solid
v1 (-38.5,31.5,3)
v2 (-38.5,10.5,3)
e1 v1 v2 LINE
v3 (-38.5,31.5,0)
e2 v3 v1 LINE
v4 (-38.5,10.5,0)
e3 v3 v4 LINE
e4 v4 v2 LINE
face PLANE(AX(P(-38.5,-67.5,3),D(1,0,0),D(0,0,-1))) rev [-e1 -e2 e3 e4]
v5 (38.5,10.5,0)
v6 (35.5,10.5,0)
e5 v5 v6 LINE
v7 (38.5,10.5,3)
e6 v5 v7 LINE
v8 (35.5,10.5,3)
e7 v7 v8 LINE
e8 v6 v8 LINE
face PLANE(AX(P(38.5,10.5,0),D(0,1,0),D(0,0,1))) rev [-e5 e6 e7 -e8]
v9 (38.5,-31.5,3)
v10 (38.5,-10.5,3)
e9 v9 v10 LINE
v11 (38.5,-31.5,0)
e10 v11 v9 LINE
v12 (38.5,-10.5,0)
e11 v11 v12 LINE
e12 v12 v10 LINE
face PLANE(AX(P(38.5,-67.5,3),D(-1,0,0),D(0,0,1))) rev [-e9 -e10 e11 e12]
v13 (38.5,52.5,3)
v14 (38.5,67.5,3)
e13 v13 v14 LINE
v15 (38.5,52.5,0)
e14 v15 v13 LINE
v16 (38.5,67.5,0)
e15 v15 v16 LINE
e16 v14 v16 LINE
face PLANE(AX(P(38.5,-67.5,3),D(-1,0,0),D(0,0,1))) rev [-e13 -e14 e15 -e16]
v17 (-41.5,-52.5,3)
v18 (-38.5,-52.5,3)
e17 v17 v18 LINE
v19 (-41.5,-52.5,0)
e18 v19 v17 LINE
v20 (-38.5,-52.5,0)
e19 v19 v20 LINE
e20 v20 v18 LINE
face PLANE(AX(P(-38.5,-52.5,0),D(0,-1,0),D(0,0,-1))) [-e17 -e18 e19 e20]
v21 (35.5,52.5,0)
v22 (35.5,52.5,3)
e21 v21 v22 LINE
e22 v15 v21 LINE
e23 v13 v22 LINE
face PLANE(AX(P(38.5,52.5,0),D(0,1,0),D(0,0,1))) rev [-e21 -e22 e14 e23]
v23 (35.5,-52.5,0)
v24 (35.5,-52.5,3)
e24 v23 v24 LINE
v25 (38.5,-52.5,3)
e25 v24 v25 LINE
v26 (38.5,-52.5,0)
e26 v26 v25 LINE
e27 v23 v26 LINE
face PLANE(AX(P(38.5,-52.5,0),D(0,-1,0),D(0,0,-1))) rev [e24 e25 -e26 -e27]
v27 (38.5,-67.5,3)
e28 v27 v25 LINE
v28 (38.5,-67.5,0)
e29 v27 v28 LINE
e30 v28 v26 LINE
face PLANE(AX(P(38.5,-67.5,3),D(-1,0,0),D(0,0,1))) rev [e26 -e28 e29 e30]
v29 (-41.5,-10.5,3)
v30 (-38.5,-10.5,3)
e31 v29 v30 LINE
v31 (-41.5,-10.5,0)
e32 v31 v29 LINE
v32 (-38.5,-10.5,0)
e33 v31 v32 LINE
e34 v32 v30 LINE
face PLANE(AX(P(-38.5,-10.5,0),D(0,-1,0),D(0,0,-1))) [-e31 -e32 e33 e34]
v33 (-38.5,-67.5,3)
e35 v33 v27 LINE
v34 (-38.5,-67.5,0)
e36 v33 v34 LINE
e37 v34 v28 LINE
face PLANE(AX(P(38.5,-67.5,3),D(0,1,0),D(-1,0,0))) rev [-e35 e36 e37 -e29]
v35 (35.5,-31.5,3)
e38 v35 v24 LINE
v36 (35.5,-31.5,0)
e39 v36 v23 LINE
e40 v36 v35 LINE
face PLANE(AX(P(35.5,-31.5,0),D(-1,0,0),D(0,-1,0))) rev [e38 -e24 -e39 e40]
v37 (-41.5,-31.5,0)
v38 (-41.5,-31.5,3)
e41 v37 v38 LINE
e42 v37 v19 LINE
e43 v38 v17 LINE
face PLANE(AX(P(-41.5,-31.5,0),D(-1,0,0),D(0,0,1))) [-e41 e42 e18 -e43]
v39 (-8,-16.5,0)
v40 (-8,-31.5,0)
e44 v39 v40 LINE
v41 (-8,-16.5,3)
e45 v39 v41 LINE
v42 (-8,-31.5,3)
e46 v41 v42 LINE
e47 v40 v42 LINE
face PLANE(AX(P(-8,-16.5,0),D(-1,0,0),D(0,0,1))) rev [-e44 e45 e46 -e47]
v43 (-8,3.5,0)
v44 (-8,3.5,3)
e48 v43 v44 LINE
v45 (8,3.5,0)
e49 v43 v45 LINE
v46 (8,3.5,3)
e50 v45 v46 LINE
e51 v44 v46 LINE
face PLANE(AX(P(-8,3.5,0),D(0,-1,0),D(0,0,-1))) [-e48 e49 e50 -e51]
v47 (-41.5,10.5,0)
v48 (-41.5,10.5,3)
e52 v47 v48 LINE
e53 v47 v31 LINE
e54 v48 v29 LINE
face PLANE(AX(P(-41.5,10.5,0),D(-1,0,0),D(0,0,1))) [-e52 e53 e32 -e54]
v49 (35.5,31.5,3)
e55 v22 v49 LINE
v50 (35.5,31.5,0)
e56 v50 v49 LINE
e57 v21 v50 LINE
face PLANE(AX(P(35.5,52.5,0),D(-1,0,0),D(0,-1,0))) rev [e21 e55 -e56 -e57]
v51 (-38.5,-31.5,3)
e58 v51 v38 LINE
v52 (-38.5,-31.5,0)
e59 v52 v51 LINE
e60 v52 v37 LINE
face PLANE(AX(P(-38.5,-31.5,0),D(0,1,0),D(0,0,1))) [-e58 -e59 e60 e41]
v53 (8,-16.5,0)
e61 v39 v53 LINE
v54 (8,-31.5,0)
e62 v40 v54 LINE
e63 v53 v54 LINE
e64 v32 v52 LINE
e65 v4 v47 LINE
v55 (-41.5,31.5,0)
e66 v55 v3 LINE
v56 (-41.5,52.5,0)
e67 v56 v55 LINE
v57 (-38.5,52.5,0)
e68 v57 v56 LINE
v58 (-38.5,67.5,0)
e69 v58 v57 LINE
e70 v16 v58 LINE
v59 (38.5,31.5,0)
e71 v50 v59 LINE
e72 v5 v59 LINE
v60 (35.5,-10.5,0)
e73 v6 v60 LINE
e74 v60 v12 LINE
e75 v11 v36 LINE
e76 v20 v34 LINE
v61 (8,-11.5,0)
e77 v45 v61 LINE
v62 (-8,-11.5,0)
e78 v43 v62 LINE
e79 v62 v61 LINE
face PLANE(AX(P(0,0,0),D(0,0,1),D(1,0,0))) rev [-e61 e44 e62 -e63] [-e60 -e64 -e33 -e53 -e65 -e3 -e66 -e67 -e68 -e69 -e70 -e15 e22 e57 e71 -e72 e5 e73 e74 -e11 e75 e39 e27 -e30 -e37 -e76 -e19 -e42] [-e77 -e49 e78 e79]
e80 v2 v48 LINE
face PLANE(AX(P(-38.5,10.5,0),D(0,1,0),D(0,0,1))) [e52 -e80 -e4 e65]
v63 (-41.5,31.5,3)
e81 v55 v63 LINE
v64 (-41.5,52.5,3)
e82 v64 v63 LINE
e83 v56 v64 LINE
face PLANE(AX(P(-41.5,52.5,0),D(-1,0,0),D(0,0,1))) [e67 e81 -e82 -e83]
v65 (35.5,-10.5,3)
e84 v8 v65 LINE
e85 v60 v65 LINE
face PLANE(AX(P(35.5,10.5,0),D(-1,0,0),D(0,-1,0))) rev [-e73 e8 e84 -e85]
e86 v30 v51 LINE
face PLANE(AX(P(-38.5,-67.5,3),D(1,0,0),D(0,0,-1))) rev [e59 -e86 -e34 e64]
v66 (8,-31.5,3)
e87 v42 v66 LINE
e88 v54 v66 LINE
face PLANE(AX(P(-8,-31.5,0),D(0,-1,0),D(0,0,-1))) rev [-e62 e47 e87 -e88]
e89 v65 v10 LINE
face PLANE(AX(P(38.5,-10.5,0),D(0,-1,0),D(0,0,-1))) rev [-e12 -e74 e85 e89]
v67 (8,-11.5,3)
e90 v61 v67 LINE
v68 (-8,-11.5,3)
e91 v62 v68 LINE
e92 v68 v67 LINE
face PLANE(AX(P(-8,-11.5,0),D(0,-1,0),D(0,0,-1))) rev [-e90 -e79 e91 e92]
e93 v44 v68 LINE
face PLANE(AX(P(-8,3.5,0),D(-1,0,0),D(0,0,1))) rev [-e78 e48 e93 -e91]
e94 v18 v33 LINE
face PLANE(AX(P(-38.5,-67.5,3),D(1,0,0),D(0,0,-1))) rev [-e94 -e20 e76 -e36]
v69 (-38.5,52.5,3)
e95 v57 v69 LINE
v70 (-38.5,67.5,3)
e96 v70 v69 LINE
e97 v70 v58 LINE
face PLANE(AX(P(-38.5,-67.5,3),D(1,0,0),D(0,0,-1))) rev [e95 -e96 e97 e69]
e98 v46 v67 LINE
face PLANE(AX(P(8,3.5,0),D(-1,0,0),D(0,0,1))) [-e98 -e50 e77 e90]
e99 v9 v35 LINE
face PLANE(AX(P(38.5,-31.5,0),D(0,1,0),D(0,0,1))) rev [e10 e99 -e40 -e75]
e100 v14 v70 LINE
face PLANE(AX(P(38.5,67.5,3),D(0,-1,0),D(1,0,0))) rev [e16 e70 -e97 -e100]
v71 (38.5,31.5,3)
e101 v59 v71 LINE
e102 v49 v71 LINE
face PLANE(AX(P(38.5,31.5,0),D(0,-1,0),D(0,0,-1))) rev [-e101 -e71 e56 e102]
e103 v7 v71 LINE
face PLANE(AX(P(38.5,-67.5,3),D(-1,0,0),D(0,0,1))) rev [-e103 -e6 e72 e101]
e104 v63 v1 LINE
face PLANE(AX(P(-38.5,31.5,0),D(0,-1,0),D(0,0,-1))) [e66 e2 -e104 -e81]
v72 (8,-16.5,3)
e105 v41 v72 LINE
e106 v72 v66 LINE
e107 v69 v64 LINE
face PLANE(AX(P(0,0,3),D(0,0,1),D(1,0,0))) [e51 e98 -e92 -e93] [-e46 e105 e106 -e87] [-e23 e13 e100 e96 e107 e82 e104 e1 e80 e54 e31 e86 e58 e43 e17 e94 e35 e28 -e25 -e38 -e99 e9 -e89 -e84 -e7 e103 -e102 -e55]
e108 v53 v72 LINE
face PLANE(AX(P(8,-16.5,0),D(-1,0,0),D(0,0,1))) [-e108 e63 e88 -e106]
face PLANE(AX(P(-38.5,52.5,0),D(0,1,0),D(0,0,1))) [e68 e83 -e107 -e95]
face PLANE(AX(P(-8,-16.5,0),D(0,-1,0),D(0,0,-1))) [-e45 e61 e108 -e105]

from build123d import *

# Parameters (mm, degrees)
ESBO_O1_W                = 77
ESBO_O1_H                = 135
RESSALTO_EXTRUS_O1_DEPTH = 3
ESBO_O4_W                = 3
ESBO_O4_H                = 21
CORTE_EXTRUS_O1_DEPTH    = 78.765673661
ESBO_O5_W                = 3
ESBO_O5_H                = 21
RESSALTO_EXTRUS_O2_DEPTH = 3
PADR_O_LINEAR1_COUNT     = 3
PADR_O_LINEAR1_PITCH     = 42
ESBO_O6_W                = 16
ESBO_O6_H                = 15
CORTE_EXTRUS_O2_DEPTH    = 80.293757636
PADR_O_LINEAR2_COUNT     = 2
PADR_O_LINEAR2_PITCH     = 20


with BuildPart() as part:
    # Esboço1 → Ressalto-extrusão1 (new body)
    with BuildSketch(Plane.XY):
        Rectangle(ESBO_O1_W, ESBO_O1_H)
    extrude(amount=RESSALTO_EXTRUS_O1_DEPTH)

    # Esboço4 → Corte-extrusão1 (cut, through all)
    with BuildSketch(Plane.XY.offset(3)):
        with Locations((37, 42)):
            Rectangle(ESBO_O4_W, ESBO_O4_H)
        with Locations((37, 0)):
            Rectangle(ESBO_O4_W, ESBO_O4_H)
        with Locations((37, -42)):
            Rectangle(ESBO_O4_W, ESBO_O4_H)
    extrude(amount=-CORTE_EXTRUS_O1_DEPTH, mode=Mode.SUBTRACT)

    # Esboço5 → Ressalto-extrusão2 (add)
    with BuildSketch(Plane.XY.offset(3)):
        with Locations((-40, 42)):
            Rectangle(ESBO_O5_W, ESBO_O5_H)
    ressalto_extrus_o2 = extrude(amount=-RESSALTO_EXTRUS_O2_DEPTH)

    # Padrão linear1: Ressalto-extrusão2 ×3
    with Locations(*[(0, -i * PADR_O_LINEAR1_PITCH, 0) for i in range(1, PADR_O_LINEAR1_COUNT)]):
        add(ressalto_extrus_o2)

    # Esboço6 → Corte-extrusão2 (cut, through all)
    with BuildSketch(Plane.XY.offset(3)):
        with Locations((0, -24)):
            Rectangle(ESBO_O6_W, ESBO_O6_H)
    corte_extrus_o2 = extrude(amount=-CORTE_EXTRUS_O2_DEPTH, mode=Mode.SUBTRACT)

    # Padrão linear2: Corte-extrusão2 ×2
    with Locations(*[(0, i * PADR_O_LINEAR2_PITCH, 0) for i in range(1, PADR_O_LINEAR2_COUNT)]):
        add(corte_extrus_o2, mode=Mode.SUBTRACT)


solid = part.part
